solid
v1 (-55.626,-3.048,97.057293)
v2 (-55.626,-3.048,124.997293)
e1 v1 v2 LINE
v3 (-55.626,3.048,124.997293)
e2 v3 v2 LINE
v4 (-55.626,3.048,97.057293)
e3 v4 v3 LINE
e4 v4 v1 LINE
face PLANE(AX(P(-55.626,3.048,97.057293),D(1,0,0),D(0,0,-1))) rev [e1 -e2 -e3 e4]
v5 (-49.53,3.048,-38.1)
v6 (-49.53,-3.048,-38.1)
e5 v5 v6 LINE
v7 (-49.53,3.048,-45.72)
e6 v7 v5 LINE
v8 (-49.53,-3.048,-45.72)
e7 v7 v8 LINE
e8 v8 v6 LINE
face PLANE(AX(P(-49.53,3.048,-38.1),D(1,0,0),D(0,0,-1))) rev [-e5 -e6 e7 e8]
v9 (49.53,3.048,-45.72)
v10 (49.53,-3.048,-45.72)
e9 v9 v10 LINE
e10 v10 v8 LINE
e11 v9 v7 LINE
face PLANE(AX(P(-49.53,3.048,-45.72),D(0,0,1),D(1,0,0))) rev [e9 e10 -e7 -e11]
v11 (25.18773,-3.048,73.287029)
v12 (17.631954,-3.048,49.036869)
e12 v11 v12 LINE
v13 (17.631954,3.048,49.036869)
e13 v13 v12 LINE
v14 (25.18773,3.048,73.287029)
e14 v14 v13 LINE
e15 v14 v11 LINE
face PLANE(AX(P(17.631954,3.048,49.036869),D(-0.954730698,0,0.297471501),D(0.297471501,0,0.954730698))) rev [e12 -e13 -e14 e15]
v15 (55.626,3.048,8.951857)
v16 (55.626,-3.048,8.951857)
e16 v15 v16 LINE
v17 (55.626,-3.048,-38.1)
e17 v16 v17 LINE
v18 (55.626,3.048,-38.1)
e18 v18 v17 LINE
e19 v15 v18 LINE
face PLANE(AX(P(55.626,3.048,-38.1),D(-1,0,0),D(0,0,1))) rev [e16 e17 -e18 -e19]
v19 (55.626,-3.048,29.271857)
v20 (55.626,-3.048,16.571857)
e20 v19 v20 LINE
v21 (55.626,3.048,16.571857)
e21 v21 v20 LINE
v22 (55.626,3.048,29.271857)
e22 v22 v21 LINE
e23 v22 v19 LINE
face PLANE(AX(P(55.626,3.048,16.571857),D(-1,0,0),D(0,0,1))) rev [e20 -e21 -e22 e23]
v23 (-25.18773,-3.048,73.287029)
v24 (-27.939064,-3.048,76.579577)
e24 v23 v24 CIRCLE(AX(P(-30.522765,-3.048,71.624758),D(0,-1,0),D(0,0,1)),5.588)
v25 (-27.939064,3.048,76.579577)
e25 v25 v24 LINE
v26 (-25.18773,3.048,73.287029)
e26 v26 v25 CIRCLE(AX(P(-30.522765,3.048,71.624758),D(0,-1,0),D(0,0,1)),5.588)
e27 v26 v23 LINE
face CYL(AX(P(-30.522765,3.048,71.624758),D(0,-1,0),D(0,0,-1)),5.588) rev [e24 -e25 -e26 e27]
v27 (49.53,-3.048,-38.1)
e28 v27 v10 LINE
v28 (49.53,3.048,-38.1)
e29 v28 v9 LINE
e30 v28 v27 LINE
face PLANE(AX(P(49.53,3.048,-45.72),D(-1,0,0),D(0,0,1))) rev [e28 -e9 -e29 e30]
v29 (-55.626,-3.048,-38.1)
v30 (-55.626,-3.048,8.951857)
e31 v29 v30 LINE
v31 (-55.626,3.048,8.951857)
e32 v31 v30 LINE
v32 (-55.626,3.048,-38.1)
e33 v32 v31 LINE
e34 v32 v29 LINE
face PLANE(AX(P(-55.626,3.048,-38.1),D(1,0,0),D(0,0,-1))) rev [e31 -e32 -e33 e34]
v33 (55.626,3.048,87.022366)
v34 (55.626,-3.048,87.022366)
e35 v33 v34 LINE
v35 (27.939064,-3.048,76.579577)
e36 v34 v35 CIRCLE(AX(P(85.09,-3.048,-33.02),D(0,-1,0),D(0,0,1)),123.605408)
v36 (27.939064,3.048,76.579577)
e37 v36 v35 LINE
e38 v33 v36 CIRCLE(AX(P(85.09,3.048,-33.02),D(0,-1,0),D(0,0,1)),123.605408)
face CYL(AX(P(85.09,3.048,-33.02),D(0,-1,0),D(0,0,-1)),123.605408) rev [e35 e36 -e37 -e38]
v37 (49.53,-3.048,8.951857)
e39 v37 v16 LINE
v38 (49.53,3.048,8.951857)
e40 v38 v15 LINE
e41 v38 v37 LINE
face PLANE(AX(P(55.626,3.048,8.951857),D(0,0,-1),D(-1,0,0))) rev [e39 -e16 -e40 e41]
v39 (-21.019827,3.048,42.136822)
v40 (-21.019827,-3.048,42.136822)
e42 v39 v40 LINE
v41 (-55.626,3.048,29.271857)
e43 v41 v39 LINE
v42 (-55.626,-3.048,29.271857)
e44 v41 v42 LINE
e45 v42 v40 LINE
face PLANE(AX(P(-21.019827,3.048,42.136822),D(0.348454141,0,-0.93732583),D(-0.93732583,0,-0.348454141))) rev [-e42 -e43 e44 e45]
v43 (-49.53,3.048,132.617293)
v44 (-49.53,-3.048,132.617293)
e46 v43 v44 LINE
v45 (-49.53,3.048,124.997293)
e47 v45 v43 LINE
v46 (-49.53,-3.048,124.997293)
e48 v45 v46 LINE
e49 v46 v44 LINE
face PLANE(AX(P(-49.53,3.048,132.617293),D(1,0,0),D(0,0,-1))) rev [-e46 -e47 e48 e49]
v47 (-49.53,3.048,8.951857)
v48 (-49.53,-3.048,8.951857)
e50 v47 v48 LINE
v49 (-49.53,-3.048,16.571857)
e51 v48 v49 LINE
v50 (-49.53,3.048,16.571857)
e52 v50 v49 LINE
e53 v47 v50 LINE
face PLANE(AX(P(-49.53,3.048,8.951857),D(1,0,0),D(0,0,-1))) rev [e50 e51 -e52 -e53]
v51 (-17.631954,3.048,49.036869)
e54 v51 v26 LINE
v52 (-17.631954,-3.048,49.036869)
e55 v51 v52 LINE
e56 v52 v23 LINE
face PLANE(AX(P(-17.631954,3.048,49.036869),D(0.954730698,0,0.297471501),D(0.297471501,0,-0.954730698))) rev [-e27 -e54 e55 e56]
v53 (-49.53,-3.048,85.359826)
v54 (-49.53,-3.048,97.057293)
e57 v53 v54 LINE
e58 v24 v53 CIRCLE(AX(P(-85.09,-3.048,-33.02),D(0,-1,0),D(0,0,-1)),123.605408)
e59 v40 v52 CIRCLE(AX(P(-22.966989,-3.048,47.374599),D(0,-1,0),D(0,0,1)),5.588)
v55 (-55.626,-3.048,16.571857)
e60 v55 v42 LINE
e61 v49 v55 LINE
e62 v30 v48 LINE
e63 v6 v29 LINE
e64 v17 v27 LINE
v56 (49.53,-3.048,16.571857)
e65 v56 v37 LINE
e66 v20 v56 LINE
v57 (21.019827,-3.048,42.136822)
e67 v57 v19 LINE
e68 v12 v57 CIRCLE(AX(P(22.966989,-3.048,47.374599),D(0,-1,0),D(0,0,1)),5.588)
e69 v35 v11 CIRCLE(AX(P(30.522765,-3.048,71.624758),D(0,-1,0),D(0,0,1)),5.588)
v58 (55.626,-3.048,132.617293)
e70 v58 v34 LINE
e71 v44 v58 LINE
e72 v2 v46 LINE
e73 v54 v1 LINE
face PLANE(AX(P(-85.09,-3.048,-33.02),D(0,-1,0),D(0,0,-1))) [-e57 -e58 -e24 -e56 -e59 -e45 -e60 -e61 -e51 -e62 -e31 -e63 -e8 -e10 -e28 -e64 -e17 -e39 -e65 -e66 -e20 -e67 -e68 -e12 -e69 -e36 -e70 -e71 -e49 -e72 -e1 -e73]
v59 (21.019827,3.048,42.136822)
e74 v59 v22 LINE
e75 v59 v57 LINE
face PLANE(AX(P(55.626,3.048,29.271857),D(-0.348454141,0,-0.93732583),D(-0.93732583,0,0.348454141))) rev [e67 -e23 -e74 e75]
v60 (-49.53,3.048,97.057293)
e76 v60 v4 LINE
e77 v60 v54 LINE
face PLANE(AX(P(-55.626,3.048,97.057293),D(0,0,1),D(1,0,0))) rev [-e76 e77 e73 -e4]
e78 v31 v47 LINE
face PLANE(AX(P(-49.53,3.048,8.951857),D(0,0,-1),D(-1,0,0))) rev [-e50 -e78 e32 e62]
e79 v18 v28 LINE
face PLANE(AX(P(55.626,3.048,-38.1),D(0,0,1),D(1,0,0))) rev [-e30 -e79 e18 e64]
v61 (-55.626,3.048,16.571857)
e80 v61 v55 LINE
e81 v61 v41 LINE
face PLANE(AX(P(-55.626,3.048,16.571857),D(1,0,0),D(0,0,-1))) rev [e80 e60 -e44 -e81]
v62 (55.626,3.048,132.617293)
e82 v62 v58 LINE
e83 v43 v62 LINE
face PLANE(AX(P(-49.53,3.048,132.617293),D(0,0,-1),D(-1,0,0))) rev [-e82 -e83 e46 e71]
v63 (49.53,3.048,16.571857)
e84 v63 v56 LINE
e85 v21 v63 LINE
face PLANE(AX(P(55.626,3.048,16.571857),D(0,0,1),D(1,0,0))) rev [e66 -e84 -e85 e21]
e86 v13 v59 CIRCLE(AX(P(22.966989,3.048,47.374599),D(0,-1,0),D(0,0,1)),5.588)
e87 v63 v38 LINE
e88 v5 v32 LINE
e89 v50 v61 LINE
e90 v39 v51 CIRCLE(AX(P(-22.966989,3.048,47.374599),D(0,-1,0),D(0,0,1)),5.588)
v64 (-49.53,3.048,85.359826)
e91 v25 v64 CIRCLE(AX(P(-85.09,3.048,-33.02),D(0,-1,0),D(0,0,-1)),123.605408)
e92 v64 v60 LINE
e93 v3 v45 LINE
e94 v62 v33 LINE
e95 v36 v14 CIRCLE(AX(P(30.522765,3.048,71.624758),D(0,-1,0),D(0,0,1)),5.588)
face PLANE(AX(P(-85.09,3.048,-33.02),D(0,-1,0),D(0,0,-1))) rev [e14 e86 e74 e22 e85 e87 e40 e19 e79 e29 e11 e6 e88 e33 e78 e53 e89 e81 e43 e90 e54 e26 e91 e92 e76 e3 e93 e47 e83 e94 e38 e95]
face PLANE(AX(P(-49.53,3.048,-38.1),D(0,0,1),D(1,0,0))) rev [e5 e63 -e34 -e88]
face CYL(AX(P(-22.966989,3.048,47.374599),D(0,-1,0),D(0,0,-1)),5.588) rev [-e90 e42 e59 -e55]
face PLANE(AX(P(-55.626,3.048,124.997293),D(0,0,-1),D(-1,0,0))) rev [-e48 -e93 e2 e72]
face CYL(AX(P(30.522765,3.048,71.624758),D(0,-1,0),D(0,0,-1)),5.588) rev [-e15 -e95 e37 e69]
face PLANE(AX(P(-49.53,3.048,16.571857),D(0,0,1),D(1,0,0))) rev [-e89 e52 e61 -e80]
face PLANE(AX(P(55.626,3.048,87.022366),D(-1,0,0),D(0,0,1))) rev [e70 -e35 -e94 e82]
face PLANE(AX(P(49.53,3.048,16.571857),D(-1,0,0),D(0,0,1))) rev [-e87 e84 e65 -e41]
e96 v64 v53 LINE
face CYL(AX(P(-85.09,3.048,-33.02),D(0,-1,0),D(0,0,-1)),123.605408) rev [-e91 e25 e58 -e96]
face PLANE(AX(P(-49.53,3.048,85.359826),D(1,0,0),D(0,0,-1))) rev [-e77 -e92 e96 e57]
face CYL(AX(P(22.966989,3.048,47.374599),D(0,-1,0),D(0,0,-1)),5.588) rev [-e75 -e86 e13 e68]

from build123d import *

# Parameters (mm, degrees)
BOSS_EXTRUDE1_DEPTH = 3.048


with BuildPart() as part:
    # Sketch1 → Boss-Extrude1 (new, symmetric)
    with BuildSketch(Plane(origin=(0, 0, 0), x_dir=(1, 0, 0), z_dir=(0, 1, 0))):
        with BuildLine():
            Line((-49.53, 45.72), (49.53, 45.72))
            Line((49.53, 45.72), (49.53, 38.1))
            Line((49.53, 38.1), (55.626, 38.1))
            Line((55.626, 38.1), (55.626, -8.951856626))
            Line((55.626, -8.951856626), (49.53, -8.951856626))
            Line((49.53, -8.951856626), (49.53, -16.571856626))
            Line((49.53, -16.571856626), (55.626, -16.571856626))
            Line((55.626, -16.571856626), (55.626, -29.271856626))
            Line((55.626, -29.271856626), (21.019827136, -42.136821893))
            ThreePointArc((21.019827136, -42.136821893), (17.95098831, -44.911778638), (17.631953735, -49.036869377))
            Line((17.631953735, -49.036869377), (25.187729856, -73.287029113))
            ThreePointArc((25.187729856, -73.287029113), (26.234780075, -75.207903536), (27.939063878, -76.579577488))
            ThreePointArc((27.939063878, -76.579577488), (41.468907088, -82.632484358), (55.626, -87.022365809))
            Line((55.626, -87.022365809), (55.626, -132.617292876))
            Line((55.626, -132.617292876), (-49.53, -132.617292876))
            Line((-49.53, -132.617292876), (-49.53, -124.997292876))
            Line((-49.53, -124.997292876), (-55.626, -124.997292876))
            Line((-55.626, -124.997292876), (-55.626, -97.057292876))
            Line((-55.626, -97.057292876), (-49.53, -97.057292876))
            Line((-49.53, -97.057292876), (-49.53, -85.359826344))
            ThreePointArc((-49.53, -85.359826344), (-38.527111219, -81.479756652), (-27.939063878, -76.579577488))
            ThreePointArc((-27.939063878, -76.579577488), (-26.234780075, -75.207903536), (-25.187729856, -73.287029113))
            Line((-25.187729856, -73.287029113), (-17.631953735, -49.036869377))
            ThreePointArc((-17.631953735, -49.036869377), (-17.95098831, -44.911778638), (-21.019827136, -42.136821893))
            Line((-21.019827136, -42.136821893), (-55.626, -29.271856626))
            Line((-55.626, -29.271856626), (-55.626, -16.571856626))
            Line((-55.626, -16.571856626), (-49.53, -16.571856626))
            Line((-49.53, -16.571856626), (-49.53, -8.951856626))
            Line((-49.53, -8.951856626), (-55.626, -8.951856626))
            Line((-55.626, -8.951856626), (-55.626, 38.1))
            Line((-55.626, 38.1), (-49.53, 38.1))
            Line((-49.53, 38.1), (-49.53, 45.72))
        make_face()
    extrude(amount=BOSS_EXTRUDE1_DEPTH, both=True)


solid = part.part
